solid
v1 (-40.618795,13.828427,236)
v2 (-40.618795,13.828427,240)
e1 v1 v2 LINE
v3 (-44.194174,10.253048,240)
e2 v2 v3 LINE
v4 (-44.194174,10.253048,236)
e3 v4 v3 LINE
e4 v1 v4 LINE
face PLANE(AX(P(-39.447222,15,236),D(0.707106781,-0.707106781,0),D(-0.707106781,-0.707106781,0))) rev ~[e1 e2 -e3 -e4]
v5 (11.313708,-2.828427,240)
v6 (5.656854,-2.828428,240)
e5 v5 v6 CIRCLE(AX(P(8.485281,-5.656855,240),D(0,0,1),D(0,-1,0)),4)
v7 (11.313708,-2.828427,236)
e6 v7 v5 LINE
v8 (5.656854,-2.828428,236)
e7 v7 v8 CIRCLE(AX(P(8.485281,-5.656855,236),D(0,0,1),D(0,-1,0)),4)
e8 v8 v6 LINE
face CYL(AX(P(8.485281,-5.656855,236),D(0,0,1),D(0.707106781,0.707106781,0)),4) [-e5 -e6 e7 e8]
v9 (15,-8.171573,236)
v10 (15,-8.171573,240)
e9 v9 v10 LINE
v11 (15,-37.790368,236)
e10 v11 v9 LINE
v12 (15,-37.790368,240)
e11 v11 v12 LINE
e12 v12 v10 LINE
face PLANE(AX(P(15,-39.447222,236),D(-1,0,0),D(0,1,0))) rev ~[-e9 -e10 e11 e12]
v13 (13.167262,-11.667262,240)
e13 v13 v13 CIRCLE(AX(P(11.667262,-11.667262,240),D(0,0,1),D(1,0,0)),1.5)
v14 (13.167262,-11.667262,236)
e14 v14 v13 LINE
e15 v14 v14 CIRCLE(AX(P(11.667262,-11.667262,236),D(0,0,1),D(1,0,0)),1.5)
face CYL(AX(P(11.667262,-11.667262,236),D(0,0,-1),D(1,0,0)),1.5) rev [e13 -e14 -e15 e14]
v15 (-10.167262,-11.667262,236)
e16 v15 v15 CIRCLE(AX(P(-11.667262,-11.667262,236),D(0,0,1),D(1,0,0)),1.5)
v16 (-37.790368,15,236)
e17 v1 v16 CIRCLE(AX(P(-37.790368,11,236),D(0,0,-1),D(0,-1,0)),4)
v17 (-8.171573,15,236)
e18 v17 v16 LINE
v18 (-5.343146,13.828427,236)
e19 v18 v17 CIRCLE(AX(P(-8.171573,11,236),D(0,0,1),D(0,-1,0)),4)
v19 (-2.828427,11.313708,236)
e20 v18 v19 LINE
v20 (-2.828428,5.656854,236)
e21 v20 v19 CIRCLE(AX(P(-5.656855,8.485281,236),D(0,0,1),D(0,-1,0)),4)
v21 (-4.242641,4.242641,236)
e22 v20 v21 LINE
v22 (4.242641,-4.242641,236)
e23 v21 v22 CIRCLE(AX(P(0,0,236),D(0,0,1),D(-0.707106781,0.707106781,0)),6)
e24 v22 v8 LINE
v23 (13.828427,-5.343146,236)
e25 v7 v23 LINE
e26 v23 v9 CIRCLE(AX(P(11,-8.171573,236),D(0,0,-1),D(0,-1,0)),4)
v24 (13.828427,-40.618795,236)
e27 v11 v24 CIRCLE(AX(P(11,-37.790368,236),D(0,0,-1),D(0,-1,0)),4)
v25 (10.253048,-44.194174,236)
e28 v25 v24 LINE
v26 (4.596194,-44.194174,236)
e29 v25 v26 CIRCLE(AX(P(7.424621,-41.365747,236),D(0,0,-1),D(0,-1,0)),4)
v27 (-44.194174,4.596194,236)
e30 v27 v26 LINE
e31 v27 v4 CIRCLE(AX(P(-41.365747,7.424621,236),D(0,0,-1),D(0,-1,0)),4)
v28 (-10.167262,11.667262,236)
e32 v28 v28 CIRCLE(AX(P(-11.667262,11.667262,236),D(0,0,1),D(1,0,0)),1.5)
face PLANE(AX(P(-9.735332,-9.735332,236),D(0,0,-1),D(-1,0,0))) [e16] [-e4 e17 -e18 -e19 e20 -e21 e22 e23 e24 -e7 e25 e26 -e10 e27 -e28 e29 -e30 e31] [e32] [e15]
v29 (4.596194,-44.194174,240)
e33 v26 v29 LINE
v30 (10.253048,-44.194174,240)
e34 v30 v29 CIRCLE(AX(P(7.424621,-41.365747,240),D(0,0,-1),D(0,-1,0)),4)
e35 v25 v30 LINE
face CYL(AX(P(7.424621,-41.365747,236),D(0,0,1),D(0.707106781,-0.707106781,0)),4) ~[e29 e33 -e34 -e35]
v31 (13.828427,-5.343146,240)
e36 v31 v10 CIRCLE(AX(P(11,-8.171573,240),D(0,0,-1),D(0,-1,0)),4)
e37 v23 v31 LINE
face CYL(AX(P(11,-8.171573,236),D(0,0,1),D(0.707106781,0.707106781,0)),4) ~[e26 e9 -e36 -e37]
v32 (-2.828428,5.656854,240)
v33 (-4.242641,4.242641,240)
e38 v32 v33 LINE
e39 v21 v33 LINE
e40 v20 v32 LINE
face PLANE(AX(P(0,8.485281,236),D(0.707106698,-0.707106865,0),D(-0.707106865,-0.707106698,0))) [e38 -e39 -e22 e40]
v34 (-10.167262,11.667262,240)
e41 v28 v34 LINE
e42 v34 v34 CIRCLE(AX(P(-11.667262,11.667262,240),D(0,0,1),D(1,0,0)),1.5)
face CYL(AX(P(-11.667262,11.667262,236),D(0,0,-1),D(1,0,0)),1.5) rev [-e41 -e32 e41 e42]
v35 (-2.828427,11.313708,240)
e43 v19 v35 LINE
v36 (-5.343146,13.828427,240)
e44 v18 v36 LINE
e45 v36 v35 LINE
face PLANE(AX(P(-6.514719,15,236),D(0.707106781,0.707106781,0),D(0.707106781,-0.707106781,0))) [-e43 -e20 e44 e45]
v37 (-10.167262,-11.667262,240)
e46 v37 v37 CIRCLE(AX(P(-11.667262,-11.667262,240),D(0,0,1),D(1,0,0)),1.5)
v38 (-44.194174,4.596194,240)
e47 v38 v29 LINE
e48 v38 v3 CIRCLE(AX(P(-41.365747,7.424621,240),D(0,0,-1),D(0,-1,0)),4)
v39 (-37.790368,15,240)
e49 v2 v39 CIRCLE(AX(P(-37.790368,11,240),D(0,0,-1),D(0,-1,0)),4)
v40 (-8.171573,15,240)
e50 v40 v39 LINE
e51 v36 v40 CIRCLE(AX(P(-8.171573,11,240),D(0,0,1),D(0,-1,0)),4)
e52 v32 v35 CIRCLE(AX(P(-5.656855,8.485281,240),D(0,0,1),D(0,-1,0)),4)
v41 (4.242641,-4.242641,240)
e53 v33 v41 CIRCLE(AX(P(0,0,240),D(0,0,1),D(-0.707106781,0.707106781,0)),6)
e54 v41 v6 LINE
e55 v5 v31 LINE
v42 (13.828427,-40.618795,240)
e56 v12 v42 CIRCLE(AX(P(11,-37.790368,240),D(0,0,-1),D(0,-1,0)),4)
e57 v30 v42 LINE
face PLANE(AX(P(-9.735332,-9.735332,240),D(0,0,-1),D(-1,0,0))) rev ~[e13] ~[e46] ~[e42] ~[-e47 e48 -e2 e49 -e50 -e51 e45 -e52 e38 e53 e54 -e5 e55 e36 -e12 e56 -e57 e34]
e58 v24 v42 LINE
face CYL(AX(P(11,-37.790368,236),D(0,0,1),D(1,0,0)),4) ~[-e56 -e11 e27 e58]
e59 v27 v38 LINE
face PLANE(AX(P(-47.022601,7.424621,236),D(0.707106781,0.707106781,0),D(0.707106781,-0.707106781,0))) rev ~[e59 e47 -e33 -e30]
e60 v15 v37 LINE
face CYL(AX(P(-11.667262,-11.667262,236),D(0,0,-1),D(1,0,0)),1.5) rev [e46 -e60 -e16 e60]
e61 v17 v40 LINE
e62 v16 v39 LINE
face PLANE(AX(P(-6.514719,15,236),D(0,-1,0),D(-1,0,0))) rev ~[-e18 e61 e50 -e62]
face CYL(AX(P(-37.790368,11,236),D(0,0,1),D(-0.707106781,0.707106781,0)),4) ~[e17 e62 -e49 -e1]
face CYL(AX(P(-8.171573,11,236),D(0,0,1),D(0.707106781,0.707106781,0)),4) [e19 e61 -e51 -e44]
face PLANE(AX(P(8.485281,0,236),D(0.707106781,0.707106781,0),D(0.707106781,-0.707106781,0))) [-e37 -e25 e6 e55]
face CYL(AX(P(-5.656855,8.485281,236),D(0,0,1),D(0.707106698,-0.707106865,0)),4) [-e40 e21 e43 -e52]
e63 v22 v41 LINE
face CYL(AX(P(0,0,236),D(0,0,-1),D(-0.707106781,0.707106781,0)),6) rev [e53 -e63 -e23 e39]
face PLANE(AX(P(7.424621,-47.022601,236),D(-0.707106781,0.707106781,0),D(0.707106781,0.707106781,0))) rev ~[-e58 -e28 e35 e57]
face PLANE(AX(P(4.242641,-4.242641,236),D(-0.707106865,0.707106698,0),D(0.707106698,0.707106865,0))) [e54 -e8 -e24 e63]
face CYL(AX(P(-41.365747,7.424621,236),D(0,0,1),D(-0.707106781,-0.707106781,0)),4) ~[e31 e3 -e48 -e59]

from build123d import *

# Parameters (mm, degrees)
SKETCH104_R  = 1.5
PAD053_DEPTH = 4
FILLET082_R  = 4


with BuildPart() as part:
    # Sketch104 → Pad053 (new body)
    with BuildSketch(Plane.XY):
        with BuildLine():
            Line((8.485281, 0), (15, -6.514719))
            Line((15, -39.447222), (15, -6.514719))
            Line((7.424621, -47.022601), (15, -39.447222))
            Line((-47.022601, 7.424621), (7.424621, -47.022601))
            Line((-39.447222, 15), (-47.022601, 7.424621))
            Line((-6.514719, 15), (-39.447222, 15))
            Line((-6.514719, 15), (0, 8.485281))
            Line((0, 8.485281), (-4.242641, 4.242641))
            ThreePointArc((-4.242641, 4.242641), (-4.242641, -4.242641), (4.242641, -4.242641))
            Line((4.242641, -4.242641), (8.485281, 0))
        make_face()
        with Locations((-11.667262, 11.667262)):
            Circle(SKETCH104_R, mode=Mode.SUBTRACT)
        with Locations((-11.667262, -11.667262)):
            Circle(SKETCH104_R, mode=Mode.SUBTRACT)
        with Locations((11.667262, -11.667262)):
            Circle(SKETCH104_R, mode=Mode.SUBTRACT)
    extrude(amount=PAD053_DEPTH)

    # Fillet082
    fillet082_edges = [part.edges().sort_by_distance(p)[0] for p in [
        (7.424621, -47.022601, 2),
        (15, -39.447222, 2),
        (-47.022601, 7.424621, 2),
        (-39.447222, 15, 2),
        (15, -6.514719, 2),
        (-6.514719, 15, 2),
        (8.485281, 0, 2),
        (0, 8.485281, 2),
    ]]
    fillet(fillet082_edges, radius=FILLET082_R)


with BuildPart() as part_1:
    # Body019 placement: moved
    add(part.part.moved(Location((0, 0, 236))))


solid = part_1.part
